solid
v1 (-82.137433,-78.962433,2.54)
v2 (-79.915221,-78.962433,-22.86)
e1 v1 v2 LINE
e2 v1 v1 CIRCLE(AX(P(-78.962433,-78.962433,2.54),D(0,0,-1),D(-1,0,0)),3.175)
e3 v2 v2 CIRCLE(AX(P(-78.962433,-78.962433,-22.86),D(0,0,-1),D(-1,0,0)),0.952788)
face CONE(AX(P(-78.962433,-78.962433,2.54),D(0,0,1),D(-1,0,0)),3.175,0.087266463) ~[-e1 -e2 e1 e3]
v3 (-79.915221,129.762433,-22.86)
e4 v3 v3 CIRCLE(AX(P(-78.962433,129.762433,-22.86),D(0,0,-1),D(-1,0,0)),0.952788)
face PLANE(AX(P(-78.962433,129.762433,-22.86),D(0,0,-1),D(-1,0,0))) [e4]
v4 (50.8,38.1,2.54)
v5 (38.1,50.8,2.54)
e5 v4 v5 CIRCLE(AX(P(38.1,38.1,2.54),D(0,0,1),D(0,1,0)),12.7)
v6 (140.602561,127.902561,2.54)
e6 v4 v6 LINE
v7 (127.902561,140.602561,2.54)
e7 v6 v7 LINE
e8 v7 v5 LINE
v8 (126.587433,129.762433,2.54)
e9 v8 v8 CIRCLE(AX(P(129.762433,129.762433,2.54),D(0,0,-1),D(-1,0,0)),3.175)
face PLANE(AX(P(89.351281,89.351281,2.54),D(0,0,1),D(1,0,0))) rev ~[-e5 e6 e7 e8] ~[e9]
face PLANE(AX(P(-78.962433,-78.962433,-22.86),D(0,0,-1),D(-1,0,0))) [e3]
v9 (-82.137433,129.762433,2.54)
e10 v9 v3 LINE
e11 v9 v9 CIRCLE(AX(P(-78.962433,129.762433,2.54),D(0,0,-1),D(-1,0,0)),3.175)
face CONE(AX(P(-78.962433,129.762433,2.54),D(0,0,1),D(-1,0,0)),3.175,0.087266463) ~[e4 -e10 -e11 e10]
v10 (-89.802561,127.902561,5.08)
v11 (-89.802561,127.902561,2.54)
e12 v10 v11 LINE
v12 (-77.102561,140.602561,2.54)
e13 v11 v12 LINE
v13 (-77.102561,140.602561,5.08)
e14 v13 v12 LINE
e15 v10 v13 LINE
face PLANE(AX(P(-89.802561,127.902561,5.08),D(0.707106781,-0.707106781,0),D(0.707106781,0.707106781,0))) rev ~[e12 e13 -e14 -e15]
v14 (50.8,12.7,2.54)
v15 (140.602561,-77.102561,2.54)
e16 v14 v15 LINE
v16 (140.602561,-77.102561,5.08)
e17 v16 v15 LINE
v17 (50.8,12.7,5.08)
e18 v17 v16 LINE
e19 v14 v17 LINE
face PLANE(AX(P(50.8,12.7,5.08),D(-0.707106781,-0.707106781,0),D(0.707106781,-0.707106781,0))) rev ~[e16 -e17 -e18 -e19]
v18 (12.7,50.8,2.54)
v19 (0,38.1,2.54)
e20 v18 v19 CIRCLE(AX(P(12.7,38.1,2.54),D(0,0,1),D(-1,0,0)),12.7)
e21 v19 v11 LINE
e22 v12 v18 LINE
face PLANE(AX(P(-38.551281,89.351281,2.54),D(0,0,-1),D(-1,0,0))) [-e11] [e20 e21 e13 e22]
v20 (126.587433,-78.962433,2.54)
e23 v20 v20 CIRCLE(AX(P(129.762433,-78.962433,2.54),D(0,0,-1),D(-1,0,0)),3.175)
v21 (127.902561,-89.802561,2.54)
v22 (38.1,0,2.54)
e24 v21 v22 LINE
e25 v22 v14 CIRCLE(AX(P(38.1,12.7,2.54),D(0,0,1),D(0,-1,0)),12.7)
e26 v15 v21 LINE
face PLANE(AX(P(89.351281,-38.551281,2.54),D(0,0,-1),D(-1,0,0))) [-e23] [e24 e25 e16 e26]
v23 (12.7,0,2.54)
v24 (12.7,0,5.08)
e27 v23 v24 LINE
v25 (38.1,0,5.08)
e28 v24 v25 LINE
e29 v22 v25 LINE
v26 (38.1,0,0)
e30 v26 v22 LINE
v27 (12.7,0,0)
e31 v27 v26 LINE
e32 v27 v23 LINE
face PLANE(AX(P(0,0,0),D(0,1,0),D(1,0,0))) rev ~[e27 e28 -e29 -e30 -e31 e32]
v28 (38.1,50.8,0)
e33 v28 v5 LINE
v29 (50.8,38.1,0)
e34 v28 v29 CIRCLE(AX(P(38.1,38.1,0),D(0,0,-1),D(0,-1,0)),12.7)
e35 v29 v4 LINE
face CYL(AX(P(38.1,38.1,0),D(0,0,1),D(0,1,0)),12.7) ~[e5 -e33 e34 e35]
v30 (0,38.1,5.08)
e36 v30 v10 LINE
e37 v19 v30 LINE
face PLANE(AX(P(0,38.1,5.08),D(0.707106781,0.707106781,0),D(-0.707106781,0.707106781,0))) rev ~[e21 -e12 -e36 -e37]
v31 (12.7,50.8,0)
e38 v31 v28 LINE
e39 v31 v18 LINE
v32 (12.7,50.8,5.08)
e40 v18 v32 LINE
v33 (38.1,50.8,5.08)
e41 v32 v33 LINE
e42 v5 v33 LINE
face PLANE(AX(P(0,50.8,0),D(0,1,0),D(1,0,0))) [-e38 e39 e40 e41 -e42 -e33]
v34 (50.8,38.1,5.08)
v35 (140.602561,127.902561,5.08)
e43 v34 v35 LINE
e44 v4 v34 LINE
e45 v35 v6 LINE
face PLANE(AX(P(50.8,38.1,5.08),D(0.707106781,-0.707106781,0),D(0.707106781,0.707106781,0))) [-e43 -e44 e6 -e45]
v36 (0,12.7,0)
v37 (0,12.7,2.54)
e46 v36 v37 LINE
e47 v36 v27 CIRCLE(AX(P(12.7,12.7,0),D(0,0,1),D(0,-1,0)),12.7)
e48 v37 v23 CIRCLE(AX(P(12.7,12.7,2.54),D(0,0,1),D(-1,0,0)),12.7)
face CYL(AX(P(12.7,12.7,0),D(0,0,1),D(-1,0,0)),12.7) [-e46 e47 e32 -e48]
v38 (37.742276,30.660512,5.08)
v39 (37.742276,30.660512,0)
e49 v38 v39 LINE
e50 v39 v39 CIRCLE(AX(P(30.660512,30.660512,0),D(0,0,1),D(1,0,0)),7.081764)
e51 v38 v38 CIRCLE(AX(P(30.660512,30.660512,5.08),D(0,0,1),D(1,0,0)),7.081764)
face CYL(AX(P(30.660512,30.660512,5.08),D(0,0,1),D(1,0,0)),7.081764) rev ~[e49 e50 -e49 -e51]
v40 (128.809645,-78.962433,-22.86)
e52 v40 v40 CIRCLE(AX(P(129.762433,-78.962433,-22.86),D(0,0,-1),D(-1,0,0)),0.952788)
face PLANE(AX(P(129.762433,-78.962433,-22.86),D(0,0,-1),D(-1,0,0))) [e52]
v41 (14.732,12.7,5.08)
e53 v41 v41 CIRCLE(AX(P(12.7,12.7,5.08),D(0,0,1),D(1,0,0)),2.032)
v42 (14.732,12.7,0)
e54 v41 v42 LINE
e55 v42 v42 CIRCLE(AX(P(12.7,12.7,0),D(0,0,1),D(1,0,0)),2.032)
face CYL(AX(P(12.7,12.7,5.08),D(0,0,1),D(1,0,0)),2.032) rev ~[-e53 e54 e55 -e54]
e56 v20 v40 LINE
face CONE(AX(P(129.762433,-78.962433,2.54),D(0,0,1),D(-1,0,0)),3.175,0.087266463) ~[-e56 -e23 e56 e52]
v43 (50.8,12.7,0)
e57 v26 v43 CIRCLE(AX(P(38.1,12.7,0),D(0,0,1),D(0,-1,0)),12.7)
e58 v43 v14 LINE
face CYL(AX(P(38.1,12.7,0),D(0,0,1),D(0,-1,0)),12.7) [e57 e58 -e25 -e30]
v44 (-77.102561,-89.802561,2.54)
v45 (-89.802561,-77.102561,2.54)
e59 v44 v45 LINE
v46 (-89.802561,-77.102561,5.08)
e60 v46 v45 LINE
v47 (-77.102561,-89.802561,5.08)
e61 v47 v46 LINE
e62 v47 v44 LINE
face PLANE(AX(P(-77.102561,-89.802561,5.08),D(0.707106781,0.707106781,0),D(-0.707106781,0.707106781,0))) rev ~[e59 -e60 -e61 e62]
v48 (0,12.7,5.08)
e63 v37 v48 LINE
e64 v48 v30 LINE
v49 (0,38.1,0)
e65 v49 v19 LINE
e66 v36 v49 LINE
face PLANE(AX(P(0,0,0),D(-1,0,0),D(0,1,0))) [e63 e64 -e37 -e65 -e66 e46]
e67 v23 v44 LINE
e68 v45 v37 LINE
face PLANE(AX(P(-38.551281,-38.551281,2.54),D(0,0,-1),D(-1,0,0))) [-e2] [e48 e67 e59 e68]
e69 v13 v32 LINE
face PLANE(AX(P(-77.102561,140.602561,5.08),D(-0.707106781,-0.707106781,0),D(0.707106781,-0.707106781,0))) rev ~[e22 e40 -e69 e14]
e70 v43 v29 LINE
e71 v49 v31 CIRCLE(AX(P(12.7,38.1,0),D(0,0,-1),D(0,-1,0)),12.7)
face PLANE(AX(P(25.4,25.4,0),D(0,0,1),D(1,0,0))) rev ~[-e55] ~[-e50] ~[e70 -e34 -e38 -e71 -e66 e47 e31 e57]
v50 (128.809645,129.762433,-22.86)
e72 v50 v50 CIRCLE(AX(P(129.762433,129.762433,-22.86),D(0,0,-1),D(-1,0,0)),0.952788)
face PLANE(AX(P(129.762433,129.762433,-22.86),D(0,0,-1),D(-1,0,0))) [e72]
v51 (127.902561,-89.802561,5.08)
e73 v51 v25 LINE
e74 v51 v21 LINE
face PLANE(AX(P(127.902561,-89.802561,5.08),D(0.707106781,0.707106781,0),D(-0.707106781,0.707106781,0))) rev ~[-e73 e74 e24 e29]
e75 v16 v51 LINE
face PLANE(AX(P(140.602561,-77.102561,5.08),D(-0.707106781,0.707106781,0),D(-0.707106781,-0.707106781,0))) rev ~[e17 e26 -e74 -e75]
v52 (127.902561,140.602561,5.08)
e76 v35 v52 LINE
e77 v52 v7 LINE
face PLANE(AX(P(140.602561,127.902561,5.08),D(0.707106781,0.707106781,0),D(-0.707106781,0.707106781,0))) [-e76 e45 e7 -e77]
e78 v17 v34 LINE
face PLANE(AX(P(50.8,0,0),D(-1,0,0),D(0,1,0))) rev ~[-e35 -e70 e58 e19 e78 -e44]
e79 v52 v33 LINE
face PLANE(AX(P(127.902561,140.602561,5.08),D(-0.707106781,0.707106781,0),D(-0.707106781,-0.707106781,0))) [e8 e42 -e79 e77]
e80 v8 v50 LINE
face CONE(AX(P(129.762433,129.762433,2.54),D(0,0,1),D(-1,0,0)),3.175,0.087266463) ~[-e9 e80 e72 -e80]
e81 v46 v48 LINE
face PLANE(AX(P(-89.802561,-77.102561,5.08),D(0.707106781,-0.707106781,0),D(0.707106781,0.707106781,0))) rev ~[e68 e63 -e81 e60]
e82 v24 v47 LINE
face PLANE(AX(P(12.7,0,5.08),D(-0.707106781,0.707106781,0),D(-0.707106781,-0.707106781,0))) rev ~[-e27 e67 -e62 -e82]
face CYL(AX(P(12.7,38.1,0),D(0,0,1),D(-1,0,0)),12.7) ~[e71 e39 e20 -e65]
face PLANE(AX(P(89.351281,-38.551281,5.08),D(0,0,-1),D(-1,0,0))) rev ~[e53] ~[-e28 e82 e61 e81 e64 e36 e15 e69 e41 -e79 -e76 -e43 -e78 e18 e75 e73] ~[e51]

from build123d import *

# Parameters (mm, degrees)
SKETCH3_W                     = 50.8
SKETCH3_H                     = 50.8
BOSS_EXTRUDE2_DEPTH           = 5.08
SKETCH4_R                     = 2.032
CUT_EXTRUDE2_DEPTH            = 73.021430144
FILLET2_R                     = 12.7
BOSS_EXTRUDE3_DEPTH           = 2.54
SKETCH6_R                     = 3.175
BOSS_EXTRUDE4_DEPTH           = 25.4
BOSS_EXTRUDE4_DRAFT           = 5
BOSS_EXTRUDE4_PROFILE_2_DEPTH = 25.4
BOSS_EXTRUDE4_PROFILE_2_DRAFT = 5
BOSS_EXTRUDE4_PROFILE_3_DEPTH = 25.4
BOSS_EXTRUDE4_PROFILE_3_DRAFT = 5
BOSS_EXTRUDE4_PROFILE_4_DEPTH = 25.4
BOSS_EXTRUDE4_PROFILE_4_DRAFT = 5
SKETCH7_R                     = 7.081764105
CUT_EXTRUDE3_DEPTH            = 201.795428329


with BuildPart() as part:
    # Sketch3 → Boss-Extrude2 (new body)
    with BuildSketch(Plane.XY):
        with Locations((25.4, 25.4)):
            Rectangle(SKETCH3_W, SKETCH3_H)
    extrude(amount=BOSS_EXTRUDE2_DEPTH)

    # Sketch4 → Cut-Extrude2 (cut, through all)
    with BuildSketch(Plane.XY.offset(5.08)):
        with Locations((12.7, 12.7)):
            Circle(SKETCH4_R)
    extrude(amount=-CUT_EXTRUDE2_DEPTH, mode=Mode.SUBTRACT)

    # Fillet2
    fillet2_edges = [part.edges().sort_by_distance(p)[0] for p in [
        (0, 50.8, 2.54),
        (50.8, 50.8, 2.54),
        (50.8, 0, 2.54),
        (0, 0, 2.54),
    ]]
    fillet(fillet2_edges, radius=FILLET2_R)

    # Sketch5 → Boss-Extrude3 (add)
    with BuildSketch(Plane.XY.offset(5.08)):
        Polygon((127.902561211, -89.802561211), (38.1, 0), (50.8, 12.7), (140.602561211, -77.102561211), align=None)
        Polygon((-89.802561211, -77.102561211), (0, 12.7), (12.7, 0), (-77.102561211, -89.802561211), align=None)
        Polygon((0, 38.1), (-89.802561211, 127.902561211), (-77.102561211, 140.602561211), (12.7, 50.8), align=None)
        Polygon((50.8, 38.1), (140.602561211, 127.902561211), (127.902561211, 140.602561211), (38.1, 50.8), align=None)
    extrude(amount=-BOSS_EXTRUDE3_DEPTH)


with BuildPart() as boss_extrude4_tool:
    # Sketch6 → Boss-Extrude4 (with draft: the straight prism first)
    with BuildSketch(Plane(origin=(0, 0, 2.54), x_dir=(-1, 0, 0), z_dir=(0, 0, -1))):
        with Locations((-129.76243315, 129.76243315)):
            Circle(SKETCH6_R)
    extrude(amount=BOSS_EXTRUDE4_DEPTH)
    # Boss-Extrude4: the draft: its side faces are tilted about the plane it starts from
    boss_extrude4_sides = [boss_extrude4_tool.faces().sort_by_distance(p)[0] for p in [
        (132.93743315, 129.76243315, -10.16),
    ]]
    draft(boss_extrude4_sides, Plane(origin=(0, 0, 2.54), x_dir=(-1, 0, 0), z_dir=(0, 0, -1)), BOSS_EXTRUDE4_DRAFT)


with BuildPart() as part_1:
    add(part.part)

    # Boss-Extrude4: add boss_extrude4_tool
    add(boss_extrude4_tool.part)


with BuildPart() as boss_extrude4_profile_2_tool:
    # Sketch6 → Boss-Extrude4 profile 2 (with draft: the straight prism first)
    with BuildSketch(Plane(origin=(0, 0, 2.54), x_dir=(-1, 0, 0), z_dir=(0, 0, -1))):
        with Locations((78.96243315, 129.76243315)):
            Circle(SKETCH6_R)
    extrude(amount=BOSS_EXTRUDE4_PROFILE_2_DEPTH)
    # Boss-Extrude4 profile 2: the draft: its side faces are tilted about the plane it starts from
    boss_extrude4_profile_2_sides = [boss_extrude4_profile_2_tool.faces().sort_by_distance(p)[0] for p in [
        (-75.78743315, 129.76243315, -10.16),
    ]]
    draft(boss_extrude4_profile_2_sides, Plane(origin=(0, 0, 2.54), x_dir=(-1, 0, 0), z_dir=(0, 0, -1)), BOSS_EXTRUDE4_PROFILE_2_DRAFT)


with BuildPart() as part_2:
    add(part_1.part)

    # Boss-Extrude4 profile 2: add boss_extrude4_profile_2_tool
    add(boss_extrude4_profile_2_tool.part)


with BuildPart() as boss_extrude4_profile_3_tool:
    # Sketch6 → Boss-Extrude4 profile 3 (with draft: the straight prism first)
    with BuildSketch(Plane(origin=(0, 0, 2.54), x_dir=(-1, 0, 0), z_dir=(0, 0, -1))):
        with Locations((78.96243315, -78.96243315)):
            Circle(SKETCH6_R)
    extrude(amount=BOSS_EXTRUDE4_PROFILE_3_DEPTH)
    # Boss-Extrude4 profile 3: the draft: its side faces are tilted about the plane it starts from
    boss_extrude4_profile_3_sides = [boss_extrude4_profile_3_tool.faces().sort_by_distance(p)[0] for p in [
        (-75.78743315, -78.96243315, -10.16),
    ]]
    draft(boss_extrude4_profile_3_sides, Plane(origin=(0, 0, 2.54), x_dir=(-1, 0, 0), z_dir=(0, 0, -1)), BOSS_EXTRUDE4_PROFILE_3_DRAFT)


with BuildPart() as part_3:
    add(part_2.part)

    # Boss-Extrude4 profile 3: add boss_extrude4_profile_3_tool
    add(boss_extrude4_profile_3_tool.part)


with BuildPart() as boss_extrude4_profile_4_tool:
    # Sketch6 → Boss-Extrude4 profile 4 (with draft: the straight prism first)
    with BuildSketch(Plane(origin=(0, 0, 2.54), x_dir=(-1, 0, 0), z_dir=(0, 0, -1))):
        with Locations((-129.76243315, -78.96243315)):
            Circle(SKETCH6_R)
    extrude(amount=BOSS_EXTRUDE4_PROFILE_4_DEPTH)
    # Boss-Extrude4 profile 4: the draft: its side faces are tilted about the plane it starts from
    boss_extrude4_profile_4_sides = [boss_extrude4_profile_4_tool.faces().sort_by_distance(p)[0] for p in [
        (132.93743315, -78.96243315, -10.16),
    ]]
    draft(boss_extrude4_profile_4_sides, Plane(origin=(0, 0, 2.54), x_dir=(-1, 0, 0), z_dir=(0, 0, -1)), BOSS_EXTRUDE4_PROFILE_4_DRAFT)


with BuildPart() as part_4:
    add(part_3.part)

    # Boss-Extrude4 profile 4: add boss_extrude4_profile_4_tool
    add(boss_extrude4_profile_4_tool.part)

    # Sketch7 → Cut-Extrude3 (cut, through all)
    with BuildSketch(Plane.XY.offset(5.08)):
        with Locations((30.660512242, 30.660512242)):
            Circle(SKETCH7_R)
    extrude(amount=-CUT_EXTRUDE3_DEPTH, mode=Mode.SUBTRACT)


solid = part_4.part
